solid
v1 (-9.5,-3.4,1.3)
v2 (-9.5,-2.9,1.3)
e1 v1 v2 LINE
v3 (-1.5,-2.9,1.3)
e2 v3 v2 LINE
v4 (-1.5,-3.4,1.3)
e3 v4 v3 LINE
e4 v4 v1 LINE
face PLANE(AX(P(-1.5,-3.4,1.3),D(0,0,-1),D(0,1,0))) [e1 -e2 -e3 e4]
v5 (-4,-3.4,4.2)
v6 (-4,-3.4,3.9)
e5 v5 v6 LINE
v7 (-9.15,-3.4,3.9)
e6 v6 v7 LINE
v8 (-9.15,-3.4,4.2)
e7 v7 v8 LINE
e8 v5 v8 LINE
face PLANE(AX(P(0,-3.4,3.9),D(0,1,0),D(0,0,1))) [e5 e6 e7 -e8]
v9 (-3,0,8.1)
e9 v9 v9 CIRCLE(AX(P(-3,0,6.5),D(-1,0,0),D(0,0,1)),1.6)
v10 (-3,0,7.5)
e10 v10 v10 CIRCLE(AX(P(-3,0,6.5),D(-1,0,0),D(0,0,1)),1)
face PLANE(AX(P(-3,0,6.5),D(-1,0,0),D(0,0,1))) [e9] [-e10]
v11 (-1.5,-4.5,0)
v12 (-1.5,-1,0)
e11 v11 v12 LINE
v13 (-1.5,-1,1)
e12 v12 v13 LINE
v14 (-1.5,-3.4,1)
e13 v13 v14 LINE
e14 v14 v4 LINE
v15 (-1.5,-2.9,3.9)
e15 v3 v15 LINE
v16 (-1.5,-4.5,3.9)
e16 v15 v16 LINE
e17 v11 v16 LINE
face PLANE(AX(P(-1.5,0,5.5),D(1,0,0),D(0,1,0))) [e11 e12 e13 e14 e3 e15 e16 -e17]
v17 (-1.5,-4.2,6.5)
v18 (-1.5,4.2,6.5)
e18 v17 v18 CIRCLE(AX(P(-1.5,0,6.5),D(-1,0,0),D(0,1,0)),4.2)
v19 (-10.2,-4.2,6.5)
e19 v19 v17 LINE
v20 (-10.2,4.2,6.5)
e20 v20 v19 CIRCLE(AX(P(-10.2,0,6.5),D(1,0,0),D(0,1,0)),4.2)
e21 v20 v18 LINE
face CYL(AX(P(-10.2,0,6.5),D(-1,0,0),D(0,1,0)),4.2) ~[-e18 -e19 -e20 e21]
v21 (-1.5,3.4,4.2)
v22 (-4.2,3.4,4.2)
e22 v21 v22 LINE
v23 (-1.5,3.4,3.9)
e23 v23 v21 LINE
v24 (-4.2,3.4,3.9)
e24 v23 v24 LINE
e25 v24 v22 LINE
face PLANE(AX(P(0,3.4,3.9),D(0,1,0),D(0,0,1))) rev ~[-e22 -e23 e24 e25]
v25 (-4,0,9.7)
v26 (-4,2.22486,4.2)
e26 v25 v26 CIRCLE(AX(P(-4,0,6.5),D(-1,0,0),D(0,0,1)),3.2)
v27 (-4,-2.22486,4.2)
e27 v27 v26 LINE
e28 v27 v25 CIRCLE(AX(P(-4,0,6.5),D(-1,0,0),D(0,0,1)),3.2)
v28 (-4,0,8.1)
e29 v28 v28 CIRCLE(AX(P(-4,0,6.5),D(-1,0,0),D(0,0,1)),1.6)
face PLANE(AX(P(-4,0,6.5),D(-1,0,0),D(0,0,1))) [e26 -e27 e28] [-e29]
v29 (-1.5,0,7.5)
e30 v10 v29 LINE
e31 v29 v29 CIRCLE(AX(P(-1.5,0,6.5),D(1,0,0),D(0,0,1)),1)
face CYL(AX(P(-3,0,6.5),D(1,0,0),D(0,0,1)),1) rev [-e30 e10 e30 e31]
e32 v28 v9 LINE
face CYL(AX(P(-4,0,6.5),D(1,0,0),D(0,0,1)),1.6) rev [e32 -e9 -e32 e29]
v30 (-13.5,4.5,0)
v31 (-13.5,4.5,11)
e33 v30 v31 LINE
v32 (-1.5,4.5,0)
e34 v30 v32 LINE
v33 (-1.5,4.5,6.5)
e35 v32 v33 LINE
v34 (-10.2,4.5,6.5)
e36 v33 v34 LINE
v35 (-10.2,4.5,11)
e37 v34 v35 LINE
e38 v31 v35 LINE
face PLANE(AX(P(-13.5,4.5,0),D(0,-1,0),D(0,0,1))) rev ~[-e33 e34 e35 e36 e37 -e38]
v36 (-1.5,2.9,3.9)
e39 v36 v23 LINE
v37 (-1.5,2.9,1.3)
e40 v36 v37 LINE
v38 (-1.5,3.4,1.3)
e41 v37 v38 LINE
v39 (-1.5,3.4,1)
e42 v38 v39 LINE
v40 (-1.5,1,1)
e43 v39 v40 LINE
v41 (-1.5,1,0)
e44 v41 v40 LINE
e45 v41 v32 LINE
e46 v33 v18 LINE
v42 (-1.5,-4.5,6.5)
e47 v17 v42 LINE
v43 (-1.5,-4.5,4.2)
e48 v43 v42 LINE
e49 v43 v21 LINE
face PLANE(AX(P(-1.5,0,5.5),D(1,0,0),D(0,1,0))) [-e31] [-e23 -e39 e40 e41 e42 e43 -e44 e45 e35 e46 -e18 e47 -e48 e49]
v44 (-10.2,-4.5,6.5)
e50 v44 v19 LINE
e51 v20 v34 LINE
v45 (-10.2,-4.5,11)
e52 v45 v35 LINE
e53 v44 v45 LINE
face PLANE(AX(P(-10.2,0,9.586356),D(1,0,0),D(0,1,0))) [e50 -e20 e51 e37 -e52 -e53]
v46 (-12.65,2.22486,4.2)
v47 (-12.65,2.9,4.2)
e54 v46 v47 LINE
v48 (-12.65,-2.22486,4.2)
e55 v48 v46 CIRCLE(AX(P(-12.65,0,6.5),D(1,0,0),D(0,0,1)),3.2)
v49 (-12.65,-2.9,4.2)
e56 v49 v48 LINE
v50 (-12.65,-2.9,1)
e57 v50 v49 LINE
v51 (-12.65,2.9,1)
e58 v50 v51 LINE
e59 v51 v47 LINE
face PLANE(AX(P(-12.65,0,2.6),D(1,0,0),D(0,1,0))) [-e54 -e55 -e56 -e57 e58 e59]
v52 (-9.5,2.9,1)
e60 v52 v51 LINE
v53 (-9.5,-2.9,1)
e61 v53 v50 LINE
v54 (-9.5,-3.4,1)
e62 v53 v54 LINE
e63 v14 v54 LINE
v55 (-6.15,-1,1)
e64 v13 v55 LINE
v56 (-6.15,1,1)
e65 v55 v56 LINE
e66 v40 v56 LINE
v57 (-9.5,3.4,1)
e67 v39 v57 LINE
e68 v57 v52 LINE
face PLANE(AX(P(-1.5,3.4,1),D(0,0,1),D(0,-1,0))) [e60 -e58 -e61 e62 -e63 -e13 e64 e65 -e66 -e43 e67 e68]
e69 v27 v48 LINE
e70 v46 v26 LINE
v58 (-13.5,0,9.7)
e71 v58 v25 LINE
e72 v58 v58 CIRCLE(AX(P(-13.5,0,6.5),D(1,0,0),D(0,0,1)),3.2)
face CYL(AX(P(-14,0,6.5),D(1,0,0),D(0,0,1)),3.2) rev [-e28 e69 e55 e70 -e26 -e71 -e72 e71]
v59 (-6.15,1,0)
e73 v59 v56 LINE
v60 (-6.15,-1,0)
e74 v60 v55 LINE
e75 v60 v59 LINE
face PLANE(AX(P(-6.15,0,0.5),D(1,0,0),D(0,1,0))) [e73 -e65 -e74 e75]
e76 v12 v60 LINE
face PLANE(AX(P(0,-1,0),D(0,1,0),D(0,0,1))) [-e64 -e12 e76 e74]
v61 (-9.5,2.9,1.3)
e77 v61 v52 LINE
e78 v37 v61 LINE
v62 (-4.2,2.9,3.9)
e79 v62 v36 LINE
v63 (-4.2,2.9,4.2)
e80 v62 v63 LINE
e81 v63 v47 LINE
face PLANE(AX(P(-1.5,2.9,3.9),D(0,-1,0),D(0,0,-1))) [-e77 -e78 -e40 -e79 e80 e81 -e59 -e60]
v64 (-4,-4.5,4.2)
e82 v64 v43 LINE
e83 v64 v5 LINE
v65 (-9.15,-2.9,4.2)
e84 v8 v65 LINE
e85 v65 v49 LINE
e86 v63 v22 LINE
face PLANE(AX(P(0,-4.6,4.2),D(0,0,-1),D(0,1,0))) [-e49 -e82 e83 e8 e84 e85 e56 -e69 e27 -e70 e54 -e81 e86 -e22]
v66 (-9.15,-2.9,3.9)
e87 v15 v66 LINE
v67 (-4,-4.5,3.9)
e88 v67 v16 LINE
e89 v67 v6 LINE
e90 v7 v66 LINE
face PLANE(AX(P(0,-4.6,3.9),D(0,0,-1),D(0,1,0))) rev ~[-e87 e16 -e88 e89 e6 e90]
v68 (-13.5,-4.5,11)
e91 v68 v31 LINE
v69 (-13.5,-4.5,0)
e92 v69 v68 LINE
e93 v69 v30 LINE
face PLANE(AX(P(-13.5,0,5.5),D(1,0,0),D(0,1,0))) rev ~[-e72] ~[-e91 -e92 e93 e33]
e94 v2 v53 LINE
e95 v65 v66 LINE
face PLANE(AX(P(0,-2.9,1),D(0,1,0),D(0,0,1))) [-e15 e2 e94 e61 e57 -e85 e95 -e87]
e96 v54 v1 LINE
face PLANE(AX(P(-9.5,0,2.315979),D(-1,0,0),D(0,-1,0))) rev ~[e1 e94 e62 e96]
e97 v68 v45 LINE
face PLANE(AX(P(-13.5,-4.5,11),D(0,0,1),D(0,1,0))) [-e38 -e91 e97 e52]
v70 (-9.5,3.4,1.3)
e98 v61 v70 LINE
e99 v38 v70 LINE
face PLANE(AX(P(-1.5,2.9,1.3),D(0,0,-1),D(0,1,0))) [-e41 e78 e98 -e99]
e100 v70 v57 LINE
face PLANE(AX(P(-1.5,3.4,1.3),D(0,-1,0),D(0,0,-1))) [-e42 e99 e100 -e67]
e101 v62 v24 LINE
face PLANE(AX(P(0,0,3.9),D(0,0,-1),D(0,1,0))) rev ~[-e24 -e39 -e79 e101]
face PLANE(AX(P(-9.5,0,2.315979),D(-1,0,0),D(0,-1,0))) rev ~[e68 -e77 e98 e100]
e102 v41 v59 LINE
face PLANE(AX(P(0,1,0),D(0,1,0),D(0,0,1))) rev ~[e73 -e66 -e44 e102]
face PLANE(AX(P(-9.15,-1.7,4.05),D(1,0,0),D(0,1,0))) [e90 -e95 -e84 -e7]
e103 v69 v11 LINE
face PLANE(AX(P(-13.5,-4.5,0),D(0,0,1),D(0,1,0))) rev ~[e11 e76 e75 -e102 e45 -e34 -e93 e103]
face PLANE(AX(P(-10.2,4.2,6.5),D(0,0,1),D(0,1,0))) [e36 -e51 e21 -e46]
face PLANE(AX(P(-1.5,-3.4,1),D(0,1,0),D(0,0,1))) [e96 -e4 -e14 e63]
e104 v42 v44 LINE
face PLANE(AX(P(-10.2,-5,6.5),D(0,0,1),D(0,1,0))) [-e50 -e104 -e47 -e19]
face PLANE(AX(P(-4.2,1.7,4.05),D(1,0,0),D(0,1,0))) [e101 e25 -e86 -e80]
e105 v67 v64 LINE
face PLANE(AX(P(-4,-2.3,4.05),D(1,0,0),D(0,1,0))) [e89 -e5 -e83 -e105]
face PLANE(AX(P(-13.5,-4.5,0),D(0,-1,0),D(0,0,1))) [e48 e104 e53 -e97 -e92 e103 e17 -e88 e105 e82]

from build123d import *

# Parameters (mm, degrees)
SKETCH024_W     = 9
SKETCH024_H     = 11
PAD009_DEPTH    = 12
POCKET006_DEPTH = 8.701
POCKET007_DEPTH = 8
SKETCH034_W     = 5.8
SKETCH034_H     = 3.2
POCKET008_DEPTH = 12.65
SKETCH035_W     = 3.4
SKETCH035_H     = 0.3
POCKET009_DEPTH = 9.15
SKETCH036_W     = 3.4
SKETCH036_H     = 0.3
POCKET010_DEPTH = 4.2
SKETCH037_W     = 4.6
SKETCH037_H     = 0.3
POCKET011_DEPTH = 4
SKETCH038_W     = 2
SKETCH038_H     = 1
POCKET012_DEPTH = 6.15


with BuildPart() as part:
    # Sketch024 → Pad009 (new body)
    with BuildSketch(Plane.YZ.offset(-13.5)):
        with Locations((0, 6)):
            Rectangle(SKETCH024_W, SKETCH024_H)
    extrude(amount=PAD009_DEPTH)

    # Sketch025 → Pocket006 (cut, through all)
    with BuildSketch(Plane.YZ.offset(-10.2)):
        with BuildLine():
            Line((-5, 7), (-4.2, 7))
            ThreePointArc((4.2, 7), (0, 11.2), (-4.2, 7))
            Line((4.2, 7), (5, 7))
            Line((5, 12), (5, 7))
            Line((-5, 12), (5, 12))
            Line((-5, 7), (-5, 12))
        make_face()
    extrude(amount=POCKET006_DEPTH, mode=Mode.SUBTRACT)

    # Sketch031 → Groove (revolve, cut)
    with BuildSketch(Plane.XZ):
        Polygon((-3, 8.6), (-3, 8), (0, 8), (0, 7), (-14, 7), (-14, 10.2), (-4, 10.2), (-4, 8.6), align=None)
    revolve(axis=Axis((-14, 0, 7), (-1, 0, 0)), mode=Mode.SUBTRACT)

    # Sketch032 → Pocket007 (cut)
    with BuildSketch(Plane.YZ.offset(-1.5)):
        Polygon((-2.9, 4.4), (2.9, 4.4), (2.9, 1.8), (3.4, 1.8), (3.4, 1.5), (-3.4, 1.5), (-3.4, 1.8), (-2.9, 1.8), align=None)
    extrude(amount=-POCKET007_DEPTH, mode=Mode.SUBTRACT)

    # Sketch034 → Pocket008 (cut)
    with BuildSketch(Plane.YZ):
        with Locations((0, 3.1)):
            Rectangle(SKETCH034_W, SKETCH034_H)
    extrude(amount=-POCKET008_DEPTH, mode=Mode.SUBTRACT)

    # Sketch035 → Pocket009 (cut)
    with BuildSketch(Plane.YZ):
        with Locations((-1.7, 4.55)):
            Rectangle(SKETCH035_W, SKETCH035_H)
    extrude(amount=-POCKET009_DEPTH, mode=Mode.SUBTRACT)

    # Sketch036 → Pocket010 (cut)
    with BuildSketch(Plane.YZ):
        with Locations((1.7, 4.55)):
            Rectangle(SKETCH036_W, SKETCH036_H)
    extrude(amount=-POCKET010_DEPTH, mode=Mode.SUBTRACT)

    # Sketch037 → Pocket011 (cut)
    with BuildSketch(Plane.YZ):
        with Locations((-2.3, 4.55)):
            Rectangle(SKETCH037_W, SKETCH037_H)
    extrude(amount=-POCKET011_DEPTH, mode=Mode.SUBTRACT)

    # Sketch038 → Pocket012 (cut)
    with BuildSketch(Plane.YZ):
        with Locations((0, 1)):
            Rectangle(SKETCH038_W, SKETCH038_H)
    extrude(amount=-POCKET012_DEPTH, mode=Mode.SUBTRACT)


with BuildPart() as part_1:
    # Body009 placement: moved
    add(part.part.moved(Location((0, 0, -0.5))))


solid = part_1.part
